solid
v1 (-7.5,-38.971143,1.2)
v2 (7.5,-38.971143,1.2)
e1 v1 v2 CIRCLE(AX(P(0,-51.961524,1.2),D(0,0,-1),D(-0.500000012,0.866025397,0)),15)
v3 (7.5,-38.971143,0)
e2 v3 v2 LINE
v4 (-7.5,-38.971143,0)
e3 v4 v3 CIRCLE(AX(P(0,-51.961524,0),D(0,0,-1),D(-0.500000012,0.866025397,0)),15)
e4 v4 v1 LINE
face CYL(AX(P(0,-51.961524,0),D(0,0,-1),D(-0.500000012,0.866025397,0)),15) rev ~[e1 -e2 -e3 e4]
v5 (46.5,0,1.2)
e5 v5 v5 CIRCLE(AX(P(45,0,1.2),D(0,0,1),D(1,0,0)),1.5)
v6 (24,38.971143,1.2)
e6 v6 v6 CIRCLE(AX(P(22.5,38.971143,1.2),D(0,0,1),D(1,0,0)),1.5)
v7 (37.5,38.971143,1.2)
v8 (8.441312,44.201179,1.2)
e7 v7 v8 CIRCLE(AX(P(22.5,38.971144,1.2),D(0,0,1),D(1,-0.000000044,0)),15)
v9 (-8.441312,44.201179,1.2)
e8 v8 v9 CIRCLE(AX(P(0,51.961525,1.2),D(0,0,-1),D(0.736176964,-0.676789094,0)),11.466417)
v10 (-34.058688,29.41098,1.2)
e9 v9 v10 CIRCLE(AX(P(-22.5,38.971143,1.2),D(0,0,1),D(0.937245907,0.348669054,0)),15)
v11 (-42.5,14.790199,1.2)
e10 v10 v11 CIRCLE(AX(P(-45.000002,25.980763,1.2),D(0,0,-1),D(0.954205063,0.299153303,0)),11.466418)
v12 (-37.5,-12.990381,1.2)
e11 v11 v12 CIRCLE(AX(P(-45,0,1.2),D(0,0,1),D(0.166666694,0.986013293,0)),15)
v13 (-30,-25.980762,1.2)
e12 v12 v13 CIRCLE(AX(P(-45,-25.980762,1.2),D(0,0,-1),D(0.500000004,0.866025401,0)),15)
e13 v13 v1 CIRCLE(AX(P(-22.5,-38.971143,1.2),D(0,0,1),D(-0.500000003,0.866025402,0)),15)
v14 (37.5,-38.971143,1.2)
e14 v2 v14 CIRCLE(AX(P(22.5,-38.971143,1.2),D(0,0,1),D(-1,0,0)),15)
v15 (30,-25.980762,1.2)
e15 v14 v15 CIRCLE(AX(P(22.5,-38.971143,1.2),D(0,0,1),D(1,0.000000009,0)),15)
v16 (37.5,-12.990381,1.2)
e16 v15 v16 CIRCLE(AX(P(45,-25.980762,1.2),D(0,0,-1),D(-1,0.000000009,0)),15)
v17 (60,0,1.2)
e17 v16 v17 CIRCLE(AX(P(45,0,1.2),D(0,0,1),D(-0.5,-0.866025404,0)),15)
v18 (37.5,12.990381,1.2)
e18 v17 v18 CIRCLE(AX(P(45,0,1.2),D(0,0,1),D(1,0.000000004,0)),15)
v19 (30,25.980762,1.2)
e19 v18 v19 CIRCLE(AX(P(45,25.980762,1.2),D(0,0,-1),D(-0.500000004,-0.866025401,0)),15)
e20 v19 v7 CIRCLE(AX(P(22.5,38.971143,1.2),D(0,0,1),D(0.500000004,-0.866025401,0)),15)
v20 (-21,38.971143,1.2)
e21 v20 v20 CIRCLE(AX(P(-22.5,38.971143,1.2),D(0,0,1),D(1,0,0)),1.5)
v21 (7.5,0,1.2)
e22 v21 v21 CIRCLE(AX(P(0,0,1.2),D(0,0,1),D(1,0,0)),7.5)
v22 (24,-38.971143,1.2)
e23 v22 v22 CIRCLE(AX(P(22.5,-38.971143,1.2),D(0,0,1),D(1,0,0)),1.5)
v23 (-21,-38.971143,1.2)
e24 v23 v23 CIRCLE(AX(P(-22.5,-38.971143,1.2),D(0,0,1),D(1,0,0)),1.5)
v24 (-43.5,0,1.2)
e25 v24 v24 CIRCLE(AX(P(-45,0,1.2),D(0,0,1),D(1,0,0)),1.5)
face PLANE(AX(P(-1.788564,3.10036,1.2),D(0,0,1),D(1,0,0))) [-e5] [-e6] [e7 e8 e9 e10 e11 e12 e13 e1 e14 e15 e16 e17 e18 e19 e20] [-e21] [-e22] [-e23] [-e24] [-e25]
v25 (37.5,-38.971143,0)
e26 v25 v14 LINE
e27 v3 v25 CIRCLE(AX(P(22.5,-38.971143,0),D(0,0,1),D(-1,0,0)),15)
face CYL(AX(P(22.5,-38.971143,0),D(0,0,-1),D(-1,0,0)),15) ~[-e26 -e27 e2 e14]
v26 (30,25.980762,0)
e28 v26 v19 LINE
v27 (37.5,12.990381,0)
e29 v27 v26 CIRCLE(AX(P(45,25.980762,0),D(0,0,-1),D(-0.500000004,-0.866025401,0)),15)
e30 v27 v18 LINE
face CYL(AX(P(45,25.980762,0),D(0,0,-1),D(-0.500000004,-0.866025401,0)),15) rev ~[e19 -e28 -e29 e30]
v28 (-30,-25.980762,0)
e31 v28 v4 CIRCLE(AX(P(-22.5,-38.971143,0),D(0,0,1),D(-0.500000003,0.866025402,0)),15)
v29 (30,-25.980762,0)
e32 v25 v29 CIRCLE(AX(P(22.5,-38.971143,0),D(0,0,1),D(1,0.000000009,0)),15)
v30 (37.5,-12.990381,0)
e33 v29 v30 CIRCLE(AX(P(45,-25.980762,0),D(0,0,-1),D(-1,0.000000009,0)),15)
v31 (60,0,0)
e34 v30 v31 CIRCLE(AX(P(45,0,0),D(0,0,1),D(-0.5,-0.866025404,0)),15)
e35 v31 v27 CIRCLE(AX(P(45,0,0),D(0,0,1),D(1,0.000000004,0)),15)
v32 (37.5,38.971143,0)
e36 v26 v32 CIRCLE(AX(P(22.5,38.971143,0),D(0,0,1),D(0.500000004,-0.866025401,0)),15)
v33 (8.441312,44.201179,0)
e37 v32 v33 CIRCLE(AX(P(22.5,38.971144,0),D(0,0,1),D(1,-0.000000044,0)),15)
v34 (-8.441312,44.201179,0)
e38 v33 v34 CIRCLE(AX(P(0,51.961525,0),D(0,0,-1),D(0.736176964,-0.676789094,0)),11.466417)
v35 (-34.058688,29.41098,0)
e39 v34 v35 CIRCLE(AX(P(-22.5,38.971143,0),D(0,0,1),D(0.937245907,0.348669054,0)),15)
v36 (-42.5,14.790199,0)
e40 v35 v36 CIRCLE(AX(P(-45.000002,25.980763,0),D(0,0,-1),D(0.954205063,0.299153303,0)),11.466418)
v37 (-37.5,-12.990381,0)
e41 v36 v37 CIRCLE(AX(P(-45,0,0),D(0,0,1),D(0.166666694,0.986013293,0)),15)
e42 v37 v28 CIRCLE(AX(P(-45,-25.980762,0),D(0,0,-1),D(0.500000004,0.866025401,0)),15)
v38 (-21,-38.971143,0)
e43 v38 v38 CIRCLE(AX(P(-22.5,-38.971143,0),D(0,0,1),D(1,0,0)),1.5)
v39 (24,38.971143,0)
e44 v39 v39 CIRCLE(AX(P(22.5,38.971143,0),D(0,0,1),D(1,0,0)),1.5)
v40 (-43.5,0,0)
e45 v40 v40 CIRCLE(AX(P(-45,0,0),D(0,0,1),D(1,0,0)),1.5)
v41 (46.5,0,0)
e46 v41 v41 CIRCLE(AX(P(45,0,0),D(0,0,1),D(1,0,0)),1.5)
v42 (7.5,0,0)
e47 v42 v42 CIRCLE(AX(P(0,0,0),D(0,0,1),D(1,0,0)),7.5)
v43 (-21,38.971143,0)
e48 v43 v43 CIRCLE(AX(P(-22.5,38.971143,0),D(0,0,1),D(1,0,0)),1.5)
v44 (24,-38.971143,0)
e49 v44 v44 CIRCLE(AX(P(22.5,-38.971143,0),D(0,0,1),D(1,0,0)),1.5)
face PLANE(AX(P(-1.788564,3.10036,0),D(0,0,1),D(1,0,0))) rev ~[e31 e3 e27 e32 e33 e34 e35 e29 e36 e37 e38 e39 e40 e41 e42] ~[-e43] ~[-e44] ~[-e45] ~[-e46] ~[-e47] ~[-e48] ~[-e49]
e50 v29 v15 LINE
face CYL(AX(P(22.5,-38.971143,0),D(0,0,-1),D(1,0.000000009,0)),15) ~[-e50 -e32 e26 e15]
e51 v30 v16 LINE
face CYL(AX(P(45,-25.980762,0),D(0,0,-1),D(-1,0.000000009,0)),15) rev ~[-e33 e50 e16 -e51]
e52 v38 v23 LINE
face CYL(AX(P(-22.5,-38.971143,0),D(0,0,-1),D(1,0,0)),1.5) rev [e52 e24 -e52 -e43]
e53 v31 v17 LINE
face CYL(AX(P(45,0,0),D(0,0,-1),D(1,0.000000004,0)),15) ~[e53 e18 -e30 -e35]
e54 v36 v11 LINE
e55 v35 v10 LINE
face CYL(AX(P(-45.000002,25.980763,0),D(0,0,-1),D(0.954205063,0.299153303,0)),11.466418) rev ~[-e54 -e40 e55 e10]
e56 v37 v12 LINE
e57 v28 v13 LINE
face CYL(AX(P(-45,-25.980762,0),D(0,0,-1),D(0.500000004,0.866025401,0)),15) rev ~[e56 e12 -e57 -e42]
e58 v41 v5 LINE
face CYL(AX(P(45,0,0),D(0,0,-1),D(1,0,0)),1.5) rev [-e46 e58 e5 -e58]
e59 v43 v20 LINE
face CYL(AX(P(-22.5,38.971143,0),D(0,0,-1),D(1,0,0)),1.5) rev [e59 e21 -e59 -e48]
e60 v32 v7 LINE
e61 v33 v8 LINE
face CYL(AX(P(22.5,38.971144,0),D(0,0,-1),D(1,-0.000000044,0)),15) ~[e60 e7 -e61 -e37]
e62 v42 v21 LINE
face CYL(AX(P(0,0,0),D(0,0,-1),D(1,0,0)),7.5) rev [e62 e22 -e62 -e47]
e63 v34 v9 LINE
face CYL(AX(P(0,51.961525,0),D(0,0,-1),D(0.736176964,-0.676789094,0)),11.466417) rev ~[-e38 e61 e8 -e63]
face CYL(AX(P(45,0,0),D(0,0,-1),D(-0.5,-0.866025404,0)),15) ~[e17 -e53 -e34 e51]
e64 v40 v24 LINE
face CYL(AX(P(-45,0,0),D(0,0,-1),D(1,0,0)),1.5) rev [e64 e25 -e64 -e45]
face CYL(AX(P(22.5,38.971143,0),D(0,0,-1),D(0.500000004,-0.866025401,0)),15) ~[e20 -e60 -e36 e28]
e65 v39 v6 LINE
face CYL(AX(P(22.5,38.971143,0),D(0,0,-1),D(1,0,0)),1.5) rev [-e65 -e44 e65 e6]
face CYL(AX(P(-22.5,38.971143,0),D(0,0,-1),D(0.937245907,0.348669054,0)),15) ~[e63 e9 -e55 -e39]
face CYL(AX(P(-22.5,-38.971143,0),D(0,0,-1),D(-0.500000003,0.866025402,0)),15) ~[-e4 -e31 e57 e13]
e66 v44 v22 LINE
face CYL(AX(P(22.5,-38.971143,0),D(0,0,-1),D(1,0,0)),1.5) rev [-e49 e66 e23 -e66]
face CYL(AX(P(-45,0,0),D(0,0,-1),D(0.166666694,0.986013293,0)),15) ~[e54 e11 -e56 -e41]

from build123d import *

# Parameters (mm, degrees)
F0_R     = 7.5
F0_R_2   = 1.5
F1_DEPTH = 1.2


with BuildPart() as f1:
    # F0 (on Top) → F1 (new body)
    with BuildSketch(Plane.XY):
        with BuildLine():
            ThreePointArc((-8.441312, 44.201179), (-7.737203, 41.628178), (-7.5, 38.971143))
            ThreePointArc((-7.5, 38.971143), (-17.419662, 24.857669), (-34.058688, 29.41098))
            ThreePointArc((-34.058688, 29.41098), (-35.069793, 20.247554), (-42.5, 14.790199))
            ThreePointArc((-42.5, 14.790199), (-33.543561, 9.682458), (-30, 0))
            ThreePointArc((-30, 0), (-32.009619, -7.5), (-37.5, -12.990381))
            ThreePointArc((-37.5, -12.990381), (-32.009619, -18.480762), (-30, -25.980762))
            ThreePointArc((-30, -25.980762), (-15, -25.980762), (-7.5, -38.971143))
            ThreePointArc((-7.5, -38.971143), (0, -36.961524), (7.5, -38.971143))
            ThreePointArc((7.5, -38.971143), (15, -25.980762), (30, -25.980762))
            ThreePointArc((30, -25.980762), (32.009619, -18.480762), (37.5, -12.990381))
            ThreePointArc((37.5, -12.990381), (30, 0), (37.5, 12.990381))
            ThreePointArc((37.5, 12.990381), (32.009619, 18.480762), (30, 25.980762))
            ThreePointArc((30, 25.980762), (12.817542, 27.514704), (8.441312, 44.201179))
            ThreePointArc((8.441312, 44.201179), (0, 40.495108), (-8.441312, 44.201179))
        make_face()
        Circle(F0_R, mode=Mode.SUBTRACT)
        with BuildLine():
            ThreePointArc((-30, 0), (-33.543561, 9.682458), (-42.5, 14.790199))
            ThreePointArc((-42.5, 14.790199), (-59.762797, -2.657035), (-37.5, -12.990381))
            ThreePointArc((-37.5, -12.990381), (-32.009619, -7.5), (-30, 0))
        make_face()
        with Locations((-45, 0)):
            Circle(F0_R_2, mode=Mode.SUBTRACT)
        with BuildLine():
            ThreePointArc((-34.058688, 29.41098), (-17.419662, 24.857669), (-7.5, 38.971143))
            ThreePointArc((-7.5, 38.971143), (-7.737203, 41.628178), (-8.441312, 44.201179))
            ThreePointArc((-8.441312, 44.201179), (-30, 51.961524), (-34.058688, 29.41098))
        make_face()
        with Locations((-22.5, 38.971143)):
            Circle(F0_R_2, mode=Mode.SUBTRACT)
        with BuildLine():
            ThreePointArc((37.5, 38.971143), (25.157035, 53.73394), (8.441312, 44.201179))
            ThreePointArc((8.441312, 44.201179), (12.817542, 27.514704), (30, 25.980762))
            ThreePointArc((30, 25.980762), (35.490381, 31.471143), (37.5, 38.971143))
        make_face()
        with Locations((22.5, 38.971143)):
            Circle(F0_R_2, mode=Mode.SUBTRACT)
        with BuildLine():
            ThreePointArc((60, 0), (52.5, 12.990381), (37.5, 12.990381))
            ThreePointArc((37.5, 12.990381), (30, 0), (37.5, -12.990381))
            ThreePointArc((37.5, -12.990381), (52.5, -12.990381), (60, 0))
        make_face()
        with Locations((45, 0)):
            Circle(F0_R_2, mode=Mode.SUBTRACT)
        with BuildLine():
            ThreePointArc((37.5, -38.971143), (35.490381, -31.471143), (30, -25.980762))
            ThreePointArc((30, -25.980762), (15, -25.980762), (7.5, -38.971143))
            ThreePointArc((7.5, -38.971143), (22.5, -53.971143), (37.5, -38.971143))
        make_face()
        with Locations((22.5, -38.971143)):
            Circle(F0_R_2, mode=Mode.SUBTRACT)
        with BuildLine():
            ThreePointArc((-7.5, -38.971143), (-15, -25.980762), (-30, -25.980762))
            ThreePointArc((-30, -25.980762), (-30, -51.961524), (-7.5, -38.971143))
        make_face()
        with Locations((-22.5, -38.971143)):
            Circle(F0_R_2, mode=Mode.SUBTRACT)
    extrude(amount=F1_DEPTH)


solid = f1.part
